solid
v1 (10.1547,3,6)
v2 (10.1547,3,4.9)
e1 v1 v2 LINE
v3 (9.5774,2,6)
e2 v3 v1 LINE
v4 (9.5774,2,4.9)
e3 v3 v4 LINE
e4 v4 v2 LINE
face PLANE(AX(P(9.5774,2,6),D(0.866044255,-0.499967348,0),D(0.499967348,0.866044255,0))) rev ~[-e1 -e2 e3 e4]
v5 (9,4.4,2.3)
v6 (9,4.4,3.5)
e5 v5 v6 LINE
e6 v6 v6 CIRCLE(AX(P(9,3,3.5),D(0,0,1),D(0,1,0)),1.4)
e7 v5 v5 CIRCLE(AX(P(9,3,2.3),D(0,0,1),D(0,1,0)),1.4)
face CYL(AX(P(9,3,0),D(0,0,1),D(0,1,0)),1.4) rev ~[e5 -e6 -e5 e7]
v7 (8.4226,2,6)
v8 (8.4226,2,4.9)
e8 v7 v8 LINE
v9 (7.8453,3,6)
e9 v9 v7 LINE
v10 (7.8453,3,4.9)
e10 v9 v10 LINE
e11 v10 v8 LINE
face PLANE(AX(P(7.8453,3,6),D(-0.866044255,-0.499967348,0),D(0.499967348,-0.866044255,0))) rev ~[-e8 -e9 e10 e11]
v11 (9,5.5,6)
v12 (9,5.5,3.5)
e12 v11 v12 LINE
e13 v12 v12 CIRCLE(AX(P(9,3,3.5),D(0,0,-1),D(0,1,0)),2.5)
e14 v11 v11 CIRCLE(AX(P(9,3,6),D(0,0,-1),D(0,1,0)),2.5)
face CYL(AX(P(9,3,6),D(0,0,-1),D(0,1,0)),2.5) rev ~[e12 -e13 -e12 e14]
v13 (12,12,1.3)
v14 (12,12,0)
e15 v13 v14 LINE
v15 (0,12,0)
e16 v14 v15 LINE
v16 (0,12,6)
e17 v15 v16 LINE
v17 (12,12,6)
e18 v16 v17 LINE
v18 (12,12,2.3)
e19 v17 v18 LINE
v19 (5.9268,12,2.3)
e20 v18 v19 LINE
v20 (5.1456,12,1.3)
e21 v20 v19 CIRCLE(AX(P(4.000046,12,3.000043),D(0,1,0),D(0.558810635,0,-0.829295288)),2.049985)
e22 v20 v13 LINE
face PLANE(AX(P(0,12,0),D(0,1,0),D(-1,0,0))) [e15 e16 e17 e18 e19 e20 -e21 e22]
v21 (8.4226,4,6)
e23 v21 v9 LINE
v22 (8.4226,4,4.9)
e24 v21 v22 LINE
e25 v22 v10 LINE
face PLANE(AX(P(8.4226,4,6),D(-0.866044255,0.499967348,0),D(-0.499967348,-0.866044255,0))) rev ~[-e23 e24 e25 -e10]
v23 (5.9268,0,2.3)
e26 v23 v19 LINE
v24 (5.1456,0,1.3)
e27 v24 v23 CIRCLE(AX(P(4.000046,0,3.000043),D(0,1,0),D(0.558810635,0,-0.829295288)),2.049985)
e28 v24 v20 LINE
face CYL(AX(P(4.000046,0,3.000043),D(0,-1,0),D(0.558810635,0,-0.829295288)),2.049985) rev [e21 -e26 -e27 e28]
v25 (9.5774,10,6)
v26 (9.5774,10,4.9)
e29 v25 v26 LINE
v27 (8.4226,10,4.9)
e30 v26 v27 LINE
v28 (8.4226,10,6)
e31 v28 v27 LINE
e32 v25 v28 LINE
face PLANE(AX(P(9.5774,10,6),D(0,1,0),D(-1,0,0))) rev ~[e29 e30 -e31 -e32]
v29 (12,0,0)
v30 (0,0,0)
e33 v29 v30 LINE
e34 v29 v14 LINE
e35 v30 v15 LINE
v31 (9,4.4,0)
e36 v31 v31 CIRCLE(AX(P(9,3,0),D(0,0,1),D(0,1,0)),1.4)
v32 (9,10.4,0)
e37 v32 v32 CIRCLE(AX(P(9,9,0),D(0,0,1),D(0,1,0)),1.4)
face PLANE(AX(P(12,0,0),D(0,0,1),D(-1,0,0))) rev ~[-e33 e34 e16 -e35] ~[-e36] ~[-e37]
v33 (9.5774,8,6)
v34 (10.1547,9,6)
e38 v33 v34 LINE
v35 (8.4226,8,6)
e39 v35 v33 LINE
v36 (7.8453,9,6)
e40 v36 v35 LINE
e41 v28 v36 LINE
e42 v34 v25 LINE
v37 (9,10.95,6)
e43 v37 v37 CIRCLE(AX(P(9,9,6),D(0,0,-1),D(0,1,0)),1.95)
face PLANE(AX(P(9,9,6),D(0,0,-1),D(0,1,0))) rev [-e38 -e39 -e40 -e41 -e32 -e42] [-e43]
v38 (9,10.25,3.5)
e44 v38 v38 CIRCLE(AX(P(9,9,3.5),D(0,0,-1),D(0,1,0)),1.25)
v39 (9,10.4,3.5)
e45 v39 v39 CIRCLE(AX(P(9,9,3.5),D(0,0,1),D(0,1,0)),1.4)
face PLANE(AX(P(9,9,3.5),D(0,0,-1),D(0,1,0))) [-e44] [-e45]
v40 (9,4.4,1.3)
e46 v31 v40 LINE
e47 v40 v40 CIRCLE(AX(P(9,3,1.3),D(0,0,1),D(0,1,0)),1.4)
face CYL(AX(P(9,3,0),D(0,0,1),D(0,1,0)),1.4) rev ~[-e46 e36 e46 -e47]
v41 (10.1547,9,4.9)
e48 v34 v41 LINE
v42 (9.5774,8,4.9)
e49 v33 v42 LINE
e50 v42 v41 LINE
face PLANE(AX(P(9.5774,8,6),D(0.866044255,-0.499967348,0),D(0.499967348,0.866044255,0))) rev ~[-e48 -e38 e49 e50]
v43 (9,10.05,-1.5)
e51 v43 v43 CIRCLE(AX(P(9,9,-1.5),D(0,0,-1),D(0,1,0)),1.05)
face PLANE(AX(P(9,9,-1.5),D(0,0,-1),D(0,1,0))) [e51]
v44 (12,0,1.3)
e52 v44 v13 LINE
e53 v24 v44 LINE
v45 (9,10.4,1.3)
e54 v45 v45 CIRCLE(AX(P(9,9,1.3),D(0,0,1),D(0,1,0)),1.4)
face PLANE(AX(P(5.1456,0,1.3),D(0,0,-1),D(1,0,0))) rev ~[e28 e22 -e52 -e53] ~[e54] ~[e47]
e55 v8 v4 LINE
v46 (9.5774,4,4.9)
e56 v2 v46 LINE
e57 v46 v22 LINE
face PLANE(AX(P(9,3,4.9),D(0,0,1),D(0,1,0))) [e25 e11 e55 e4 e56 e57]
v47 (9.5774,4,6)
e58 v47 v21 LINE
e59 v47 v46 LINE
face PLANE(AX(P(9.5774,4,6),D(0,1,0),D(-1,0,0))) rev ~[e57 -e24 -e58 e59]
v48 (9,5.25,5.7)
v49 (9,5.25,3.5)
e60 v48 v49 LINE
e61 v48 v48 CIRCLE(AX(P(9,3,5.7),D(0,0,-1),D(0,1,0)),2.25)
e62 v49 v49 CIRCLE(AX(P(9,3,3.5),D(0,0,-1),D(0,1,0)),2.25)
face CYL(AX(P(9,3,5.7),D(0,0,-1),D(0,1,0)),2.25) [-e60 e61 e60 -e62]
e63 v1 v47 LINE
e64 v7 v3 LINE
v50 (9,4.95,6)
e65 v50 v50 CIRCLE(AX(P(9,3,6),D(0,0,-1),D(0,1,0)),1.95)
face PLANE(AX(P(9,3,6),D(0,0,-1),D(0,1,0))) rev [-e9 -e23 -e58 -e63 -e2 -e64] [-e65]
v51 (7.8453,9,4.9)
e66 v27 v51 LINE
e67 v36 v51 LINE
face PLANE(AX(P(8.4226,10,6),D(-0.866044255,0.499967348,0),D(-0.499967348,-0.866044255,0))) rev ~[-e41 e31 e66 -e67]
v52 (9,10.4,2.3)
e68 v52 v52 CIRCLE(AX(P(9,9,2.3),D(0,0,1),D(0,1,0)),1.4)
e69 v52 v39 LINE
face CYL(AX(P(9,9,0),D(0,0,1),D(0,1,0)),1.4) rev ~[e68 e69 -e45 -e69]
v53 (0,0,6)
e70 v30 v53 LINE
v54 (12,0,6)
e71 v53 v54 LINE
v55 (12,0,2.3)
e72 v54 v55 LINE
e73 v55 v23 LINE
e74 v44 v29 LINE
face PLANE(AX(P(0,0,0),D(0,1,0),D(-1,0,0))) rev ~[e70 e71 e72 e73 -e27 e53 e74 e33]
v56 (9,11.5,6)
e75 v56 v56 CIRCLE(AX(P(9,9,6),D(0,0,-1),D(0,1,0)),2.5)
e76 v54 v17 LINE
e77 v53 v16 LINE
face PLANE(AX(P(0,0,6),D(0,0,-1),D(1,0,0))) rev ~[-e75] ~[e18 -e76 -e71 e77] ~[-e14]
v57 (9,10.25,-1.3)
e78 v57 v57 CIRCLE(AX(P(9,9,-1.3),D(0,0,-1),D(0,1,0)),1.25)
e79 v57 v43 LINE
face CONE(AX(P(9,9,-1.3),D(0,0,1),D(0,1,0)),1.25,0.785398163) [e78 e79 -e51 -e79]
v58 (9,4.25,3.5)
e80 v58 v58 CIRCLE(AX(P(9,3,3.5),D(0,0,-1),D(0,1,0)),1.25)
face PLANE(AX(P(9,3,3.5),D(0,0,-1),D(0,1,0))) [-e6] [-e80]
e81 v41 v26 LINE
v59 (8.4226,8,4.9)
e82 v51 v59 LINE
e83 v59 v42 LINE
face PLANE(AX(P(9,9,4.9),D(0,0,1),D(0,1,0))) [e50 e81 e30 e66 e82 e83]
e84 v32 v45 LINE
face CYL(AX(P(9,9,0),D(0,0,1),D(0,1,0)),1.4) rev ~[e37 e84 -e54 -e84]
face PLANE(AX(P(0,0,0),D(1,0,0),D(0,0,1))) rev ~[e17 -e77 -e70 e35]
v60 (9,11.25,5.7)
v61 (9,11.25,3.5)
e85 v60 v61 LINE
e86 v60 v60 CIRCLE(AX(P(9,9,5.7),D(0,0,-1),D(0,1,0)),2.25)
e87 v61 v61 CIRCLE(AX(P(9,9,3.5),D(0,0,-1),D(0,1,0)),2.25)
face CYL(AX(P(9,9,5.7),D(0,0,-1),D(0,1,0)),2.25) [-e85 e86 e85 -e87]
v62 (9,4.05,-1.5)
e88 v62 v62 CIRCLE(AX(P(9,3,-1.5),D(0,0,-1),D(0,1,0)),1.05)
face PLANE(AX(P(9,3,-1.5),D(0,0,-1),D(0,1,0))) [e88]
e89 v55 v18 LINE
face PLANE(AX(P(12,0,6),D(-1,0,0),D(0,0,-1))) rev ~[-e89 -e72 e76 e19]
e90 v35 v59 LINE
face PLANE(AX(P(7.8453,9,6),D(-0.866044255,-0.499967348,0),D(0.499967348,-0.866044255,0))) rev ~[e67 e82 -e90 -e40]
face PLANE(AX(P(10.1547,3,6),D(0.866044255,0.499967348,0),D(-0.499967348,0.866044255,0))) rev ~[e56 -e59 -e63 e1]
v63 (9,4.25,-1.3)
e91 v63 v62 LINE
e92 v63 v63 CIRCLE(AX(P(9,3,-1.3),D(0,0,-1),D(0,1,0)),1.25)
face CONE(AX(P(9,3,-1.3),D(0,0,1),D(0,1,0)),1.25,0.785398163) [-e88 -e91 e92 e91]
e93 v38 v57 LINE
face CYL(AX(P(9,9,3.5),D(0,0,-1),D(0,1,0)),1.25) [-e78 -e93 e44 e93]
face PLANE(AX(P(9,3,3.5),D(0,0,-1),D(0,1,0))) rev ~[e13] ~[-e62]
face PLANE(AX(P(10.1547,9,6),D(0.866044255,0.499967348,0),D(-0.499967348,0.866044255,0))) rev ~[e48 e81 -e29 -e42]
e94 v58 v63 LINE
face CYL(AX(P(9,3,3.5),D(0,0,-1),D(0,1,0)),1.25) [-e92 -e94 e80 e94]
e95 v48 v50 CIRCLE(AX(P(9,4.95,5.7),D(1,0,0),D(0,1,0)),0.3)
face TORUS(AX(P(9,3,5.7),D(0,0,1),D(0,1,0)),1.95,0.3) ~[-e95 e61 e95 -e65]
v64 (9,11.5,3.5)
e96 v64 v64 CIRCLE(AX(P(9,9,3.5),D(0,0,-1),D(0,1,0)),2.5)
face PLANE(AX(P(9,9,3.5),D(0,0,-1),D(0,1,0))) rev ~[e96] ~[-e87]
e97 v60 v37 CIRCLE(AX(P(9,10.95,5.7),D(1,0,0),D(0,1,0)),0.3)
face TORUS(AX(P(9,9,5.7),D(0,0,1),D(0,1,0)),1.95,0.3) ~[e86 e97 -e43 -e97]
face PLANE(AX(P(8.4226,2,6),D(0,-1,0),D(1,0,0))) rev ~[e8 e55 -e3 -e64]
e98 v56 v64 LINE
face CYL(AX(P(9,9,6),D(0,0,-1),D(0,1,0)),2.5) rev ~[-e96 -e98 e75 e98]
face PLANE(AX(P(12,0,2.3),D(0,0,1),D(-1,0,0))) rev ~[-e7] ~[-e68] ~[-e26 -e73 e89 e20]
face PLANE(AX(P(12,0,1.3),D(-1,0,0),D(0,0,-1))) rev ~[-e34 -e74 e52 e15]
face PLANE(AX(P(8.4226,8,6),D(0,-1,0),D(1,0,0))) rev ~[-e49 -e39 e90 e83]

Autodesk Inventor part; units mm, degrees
sketch "Sketch_1" plane through (0, 0, 0) normal (0, 1, 0) x (-1, 0, 0)
  line L0 (0, 6) -> (-12, 6)
  line L1 (-12, 6) -> (-12, 2.3)
  line L2 (-12, 2.3) -> (-5.9268, 2.3)
  arc A0 (-5.1456, 1.3) -> (-5.9268, 2.3) centre (-4, 3) ccw
  line L3 (-5.1456, 1.3) -> (-12, 1.3)
  line L4 (-12, 1.3) -> (-12, 0)
  line L5 (-12, 0) -> (0, 0)
  line L6 (0, 0) -> (0, 6)
extrude "Extrusion1" add sketch "Sketch_1" along normal blind 12
sketch "Sketch2" plane through (12, 0, 0) normal (0, 0, -1) x (-1, 0, 0)
  point P0 (3, 3)
hole "Hole1" at (9, 3, 0) direction (0, 0, 1) diameter 2.8 depth 6
pattern_linear "Rectangular Pattern1" count 2 spacing 6 along (0, 1, 0) of "Hole1"
sketch "Sketch_4" plane through (9, 0, 0) normal (1, 0, 0) x (0, 0, -1)
  line L0 (-3.5, 3) -> (-6, 3)
  line L1 (-6, 3) -> (-6, 5.5)
  line L2 (-6, 5.5) -> (-3.5, 5.5)
  line L3 (-3.5, 5.5) -> (-3.5, 3)
  line L4 (-3.5, 3) -> (-6, 3)
revolve "Revolution1" cut sketch "Sketch_4" angle 360 about axis through (9, 3, 3.5) along (0, 0, -1)
pattern_linear "Rectangular Pattern2" count 2 spacing 6 along (0, 1, 0) of "Revolution1"
sketch "Sketch_12" plane through (9, 0, 0) normal (1, 0, 0) x (0, 0, -1)
  line L0 (1.5, 3) -> (-6, 3)
  line L1 (-6, 3) -> (-6, 4.95)
  arc A0 (-5.7, 5.25) -> (-6, 4.95) centre (-5.7, 4.95) ccw
  line L2 (-5.7, 5.25) -> (-3.5, 5.25)
  line L3 (-3.5, 5.25) -> (-3.5, 4.25)
  line L4 (-3.5, 4.25) -> (1.3, 4.25)
  line L5 (1.3, 4.25) -> (1.5, 4.05)
  line L6 (1.5, 4.05) -> (1.5, 3)
  line L7 (1.5, 3) -> (-6, 3)
revolve "Revolution2" add sketch "Sketch_12" angle 360 about axis through (9, 3, -1.5) along (0, 0, -1)
thread "Thread1" size "M2.5x0.45" class "6g" standard "ISO Metric profile" full length
pattern_linear "Rectangular Pattern3" count 2 spacing 6 along (0, 1, 0) of "Revolution2"
sketch "Sketch_14" plane through (9, 3, 6) normal (0, 0, 1) x (0, 1, 0)
  line L0 (-1, -0.5774) -> (0, -1.1547)
  line L1 (0, -1.1547) -> (1, -0.5774)
  line L2 (1, -0.5774) -> (1, 0.5774)
  line L3 (1, 0.5774) -> (0, 1.1547)
  line L4 (0, 1.1547) -> (-1, 0.5774)
  line L5 (-1, 0.5774) -> (-1, -0.5774)
extrude "Extrusion2" cut sketch "Sketch_14" against normal blind 1.1
pattern_linear "Rectangular Pattern4" count 2 spacing 6 along (0, 1, 0) of "Extrusion2"
ref_plane "as_nhs_01_XY" through (9, 3, 0) normal (0, 0, 1) x (1, 0, 0)
ref_plane "as_nhs_01_YZ" through (9, 3, 0) normal (1, 0, 0) x (0, 1, 0)
ref_plane "as_nhs_01_ZX" through (9, 3, 0) normal (0, 1, 0) x (0, 0, 1)
ref_plane "as_nhs_02_XY" through (9, 9, 0) normal (0, 0, 1) x (1, 0, 0)
ref_plane "as_nhs_02_YZ" through (9, 9, 0) normal (1, 0, 0) x (0, 1, 0)
ref_plane "as_nhs_02_ZX" through (9, 9, 0) normal (0, 1, 0) x (0, 0, 1)
ref_plane "s01_XY" through (9, 3, 3.5) normal (0, 0, 1) x (1, 0, 0)
ref_plane "s01_YZ" through (9, 3, 3.5) normal (1, 0, 0) x (0, 1, 0)
ref_plane "s01_ZX" through (9, 3, 3.5) normal (0, 1, 0) x (0, 0, 1)
ref_plane "s02_XY" through (9, 9, 3.5) normal (0, 0, 1) x (1, 0, 0)
ref_plane "s02_YZ" through (9, 9, 3.5) normal (1, 0, 0) x (0, 1, 0)
ref_plane "s02_ZX" through (9, 9, 3.5) normal (0, 1, 0) x (0, 0, 1)
properties part number "SCHUNK-9700901 Halter fuer NHS Du 4"
